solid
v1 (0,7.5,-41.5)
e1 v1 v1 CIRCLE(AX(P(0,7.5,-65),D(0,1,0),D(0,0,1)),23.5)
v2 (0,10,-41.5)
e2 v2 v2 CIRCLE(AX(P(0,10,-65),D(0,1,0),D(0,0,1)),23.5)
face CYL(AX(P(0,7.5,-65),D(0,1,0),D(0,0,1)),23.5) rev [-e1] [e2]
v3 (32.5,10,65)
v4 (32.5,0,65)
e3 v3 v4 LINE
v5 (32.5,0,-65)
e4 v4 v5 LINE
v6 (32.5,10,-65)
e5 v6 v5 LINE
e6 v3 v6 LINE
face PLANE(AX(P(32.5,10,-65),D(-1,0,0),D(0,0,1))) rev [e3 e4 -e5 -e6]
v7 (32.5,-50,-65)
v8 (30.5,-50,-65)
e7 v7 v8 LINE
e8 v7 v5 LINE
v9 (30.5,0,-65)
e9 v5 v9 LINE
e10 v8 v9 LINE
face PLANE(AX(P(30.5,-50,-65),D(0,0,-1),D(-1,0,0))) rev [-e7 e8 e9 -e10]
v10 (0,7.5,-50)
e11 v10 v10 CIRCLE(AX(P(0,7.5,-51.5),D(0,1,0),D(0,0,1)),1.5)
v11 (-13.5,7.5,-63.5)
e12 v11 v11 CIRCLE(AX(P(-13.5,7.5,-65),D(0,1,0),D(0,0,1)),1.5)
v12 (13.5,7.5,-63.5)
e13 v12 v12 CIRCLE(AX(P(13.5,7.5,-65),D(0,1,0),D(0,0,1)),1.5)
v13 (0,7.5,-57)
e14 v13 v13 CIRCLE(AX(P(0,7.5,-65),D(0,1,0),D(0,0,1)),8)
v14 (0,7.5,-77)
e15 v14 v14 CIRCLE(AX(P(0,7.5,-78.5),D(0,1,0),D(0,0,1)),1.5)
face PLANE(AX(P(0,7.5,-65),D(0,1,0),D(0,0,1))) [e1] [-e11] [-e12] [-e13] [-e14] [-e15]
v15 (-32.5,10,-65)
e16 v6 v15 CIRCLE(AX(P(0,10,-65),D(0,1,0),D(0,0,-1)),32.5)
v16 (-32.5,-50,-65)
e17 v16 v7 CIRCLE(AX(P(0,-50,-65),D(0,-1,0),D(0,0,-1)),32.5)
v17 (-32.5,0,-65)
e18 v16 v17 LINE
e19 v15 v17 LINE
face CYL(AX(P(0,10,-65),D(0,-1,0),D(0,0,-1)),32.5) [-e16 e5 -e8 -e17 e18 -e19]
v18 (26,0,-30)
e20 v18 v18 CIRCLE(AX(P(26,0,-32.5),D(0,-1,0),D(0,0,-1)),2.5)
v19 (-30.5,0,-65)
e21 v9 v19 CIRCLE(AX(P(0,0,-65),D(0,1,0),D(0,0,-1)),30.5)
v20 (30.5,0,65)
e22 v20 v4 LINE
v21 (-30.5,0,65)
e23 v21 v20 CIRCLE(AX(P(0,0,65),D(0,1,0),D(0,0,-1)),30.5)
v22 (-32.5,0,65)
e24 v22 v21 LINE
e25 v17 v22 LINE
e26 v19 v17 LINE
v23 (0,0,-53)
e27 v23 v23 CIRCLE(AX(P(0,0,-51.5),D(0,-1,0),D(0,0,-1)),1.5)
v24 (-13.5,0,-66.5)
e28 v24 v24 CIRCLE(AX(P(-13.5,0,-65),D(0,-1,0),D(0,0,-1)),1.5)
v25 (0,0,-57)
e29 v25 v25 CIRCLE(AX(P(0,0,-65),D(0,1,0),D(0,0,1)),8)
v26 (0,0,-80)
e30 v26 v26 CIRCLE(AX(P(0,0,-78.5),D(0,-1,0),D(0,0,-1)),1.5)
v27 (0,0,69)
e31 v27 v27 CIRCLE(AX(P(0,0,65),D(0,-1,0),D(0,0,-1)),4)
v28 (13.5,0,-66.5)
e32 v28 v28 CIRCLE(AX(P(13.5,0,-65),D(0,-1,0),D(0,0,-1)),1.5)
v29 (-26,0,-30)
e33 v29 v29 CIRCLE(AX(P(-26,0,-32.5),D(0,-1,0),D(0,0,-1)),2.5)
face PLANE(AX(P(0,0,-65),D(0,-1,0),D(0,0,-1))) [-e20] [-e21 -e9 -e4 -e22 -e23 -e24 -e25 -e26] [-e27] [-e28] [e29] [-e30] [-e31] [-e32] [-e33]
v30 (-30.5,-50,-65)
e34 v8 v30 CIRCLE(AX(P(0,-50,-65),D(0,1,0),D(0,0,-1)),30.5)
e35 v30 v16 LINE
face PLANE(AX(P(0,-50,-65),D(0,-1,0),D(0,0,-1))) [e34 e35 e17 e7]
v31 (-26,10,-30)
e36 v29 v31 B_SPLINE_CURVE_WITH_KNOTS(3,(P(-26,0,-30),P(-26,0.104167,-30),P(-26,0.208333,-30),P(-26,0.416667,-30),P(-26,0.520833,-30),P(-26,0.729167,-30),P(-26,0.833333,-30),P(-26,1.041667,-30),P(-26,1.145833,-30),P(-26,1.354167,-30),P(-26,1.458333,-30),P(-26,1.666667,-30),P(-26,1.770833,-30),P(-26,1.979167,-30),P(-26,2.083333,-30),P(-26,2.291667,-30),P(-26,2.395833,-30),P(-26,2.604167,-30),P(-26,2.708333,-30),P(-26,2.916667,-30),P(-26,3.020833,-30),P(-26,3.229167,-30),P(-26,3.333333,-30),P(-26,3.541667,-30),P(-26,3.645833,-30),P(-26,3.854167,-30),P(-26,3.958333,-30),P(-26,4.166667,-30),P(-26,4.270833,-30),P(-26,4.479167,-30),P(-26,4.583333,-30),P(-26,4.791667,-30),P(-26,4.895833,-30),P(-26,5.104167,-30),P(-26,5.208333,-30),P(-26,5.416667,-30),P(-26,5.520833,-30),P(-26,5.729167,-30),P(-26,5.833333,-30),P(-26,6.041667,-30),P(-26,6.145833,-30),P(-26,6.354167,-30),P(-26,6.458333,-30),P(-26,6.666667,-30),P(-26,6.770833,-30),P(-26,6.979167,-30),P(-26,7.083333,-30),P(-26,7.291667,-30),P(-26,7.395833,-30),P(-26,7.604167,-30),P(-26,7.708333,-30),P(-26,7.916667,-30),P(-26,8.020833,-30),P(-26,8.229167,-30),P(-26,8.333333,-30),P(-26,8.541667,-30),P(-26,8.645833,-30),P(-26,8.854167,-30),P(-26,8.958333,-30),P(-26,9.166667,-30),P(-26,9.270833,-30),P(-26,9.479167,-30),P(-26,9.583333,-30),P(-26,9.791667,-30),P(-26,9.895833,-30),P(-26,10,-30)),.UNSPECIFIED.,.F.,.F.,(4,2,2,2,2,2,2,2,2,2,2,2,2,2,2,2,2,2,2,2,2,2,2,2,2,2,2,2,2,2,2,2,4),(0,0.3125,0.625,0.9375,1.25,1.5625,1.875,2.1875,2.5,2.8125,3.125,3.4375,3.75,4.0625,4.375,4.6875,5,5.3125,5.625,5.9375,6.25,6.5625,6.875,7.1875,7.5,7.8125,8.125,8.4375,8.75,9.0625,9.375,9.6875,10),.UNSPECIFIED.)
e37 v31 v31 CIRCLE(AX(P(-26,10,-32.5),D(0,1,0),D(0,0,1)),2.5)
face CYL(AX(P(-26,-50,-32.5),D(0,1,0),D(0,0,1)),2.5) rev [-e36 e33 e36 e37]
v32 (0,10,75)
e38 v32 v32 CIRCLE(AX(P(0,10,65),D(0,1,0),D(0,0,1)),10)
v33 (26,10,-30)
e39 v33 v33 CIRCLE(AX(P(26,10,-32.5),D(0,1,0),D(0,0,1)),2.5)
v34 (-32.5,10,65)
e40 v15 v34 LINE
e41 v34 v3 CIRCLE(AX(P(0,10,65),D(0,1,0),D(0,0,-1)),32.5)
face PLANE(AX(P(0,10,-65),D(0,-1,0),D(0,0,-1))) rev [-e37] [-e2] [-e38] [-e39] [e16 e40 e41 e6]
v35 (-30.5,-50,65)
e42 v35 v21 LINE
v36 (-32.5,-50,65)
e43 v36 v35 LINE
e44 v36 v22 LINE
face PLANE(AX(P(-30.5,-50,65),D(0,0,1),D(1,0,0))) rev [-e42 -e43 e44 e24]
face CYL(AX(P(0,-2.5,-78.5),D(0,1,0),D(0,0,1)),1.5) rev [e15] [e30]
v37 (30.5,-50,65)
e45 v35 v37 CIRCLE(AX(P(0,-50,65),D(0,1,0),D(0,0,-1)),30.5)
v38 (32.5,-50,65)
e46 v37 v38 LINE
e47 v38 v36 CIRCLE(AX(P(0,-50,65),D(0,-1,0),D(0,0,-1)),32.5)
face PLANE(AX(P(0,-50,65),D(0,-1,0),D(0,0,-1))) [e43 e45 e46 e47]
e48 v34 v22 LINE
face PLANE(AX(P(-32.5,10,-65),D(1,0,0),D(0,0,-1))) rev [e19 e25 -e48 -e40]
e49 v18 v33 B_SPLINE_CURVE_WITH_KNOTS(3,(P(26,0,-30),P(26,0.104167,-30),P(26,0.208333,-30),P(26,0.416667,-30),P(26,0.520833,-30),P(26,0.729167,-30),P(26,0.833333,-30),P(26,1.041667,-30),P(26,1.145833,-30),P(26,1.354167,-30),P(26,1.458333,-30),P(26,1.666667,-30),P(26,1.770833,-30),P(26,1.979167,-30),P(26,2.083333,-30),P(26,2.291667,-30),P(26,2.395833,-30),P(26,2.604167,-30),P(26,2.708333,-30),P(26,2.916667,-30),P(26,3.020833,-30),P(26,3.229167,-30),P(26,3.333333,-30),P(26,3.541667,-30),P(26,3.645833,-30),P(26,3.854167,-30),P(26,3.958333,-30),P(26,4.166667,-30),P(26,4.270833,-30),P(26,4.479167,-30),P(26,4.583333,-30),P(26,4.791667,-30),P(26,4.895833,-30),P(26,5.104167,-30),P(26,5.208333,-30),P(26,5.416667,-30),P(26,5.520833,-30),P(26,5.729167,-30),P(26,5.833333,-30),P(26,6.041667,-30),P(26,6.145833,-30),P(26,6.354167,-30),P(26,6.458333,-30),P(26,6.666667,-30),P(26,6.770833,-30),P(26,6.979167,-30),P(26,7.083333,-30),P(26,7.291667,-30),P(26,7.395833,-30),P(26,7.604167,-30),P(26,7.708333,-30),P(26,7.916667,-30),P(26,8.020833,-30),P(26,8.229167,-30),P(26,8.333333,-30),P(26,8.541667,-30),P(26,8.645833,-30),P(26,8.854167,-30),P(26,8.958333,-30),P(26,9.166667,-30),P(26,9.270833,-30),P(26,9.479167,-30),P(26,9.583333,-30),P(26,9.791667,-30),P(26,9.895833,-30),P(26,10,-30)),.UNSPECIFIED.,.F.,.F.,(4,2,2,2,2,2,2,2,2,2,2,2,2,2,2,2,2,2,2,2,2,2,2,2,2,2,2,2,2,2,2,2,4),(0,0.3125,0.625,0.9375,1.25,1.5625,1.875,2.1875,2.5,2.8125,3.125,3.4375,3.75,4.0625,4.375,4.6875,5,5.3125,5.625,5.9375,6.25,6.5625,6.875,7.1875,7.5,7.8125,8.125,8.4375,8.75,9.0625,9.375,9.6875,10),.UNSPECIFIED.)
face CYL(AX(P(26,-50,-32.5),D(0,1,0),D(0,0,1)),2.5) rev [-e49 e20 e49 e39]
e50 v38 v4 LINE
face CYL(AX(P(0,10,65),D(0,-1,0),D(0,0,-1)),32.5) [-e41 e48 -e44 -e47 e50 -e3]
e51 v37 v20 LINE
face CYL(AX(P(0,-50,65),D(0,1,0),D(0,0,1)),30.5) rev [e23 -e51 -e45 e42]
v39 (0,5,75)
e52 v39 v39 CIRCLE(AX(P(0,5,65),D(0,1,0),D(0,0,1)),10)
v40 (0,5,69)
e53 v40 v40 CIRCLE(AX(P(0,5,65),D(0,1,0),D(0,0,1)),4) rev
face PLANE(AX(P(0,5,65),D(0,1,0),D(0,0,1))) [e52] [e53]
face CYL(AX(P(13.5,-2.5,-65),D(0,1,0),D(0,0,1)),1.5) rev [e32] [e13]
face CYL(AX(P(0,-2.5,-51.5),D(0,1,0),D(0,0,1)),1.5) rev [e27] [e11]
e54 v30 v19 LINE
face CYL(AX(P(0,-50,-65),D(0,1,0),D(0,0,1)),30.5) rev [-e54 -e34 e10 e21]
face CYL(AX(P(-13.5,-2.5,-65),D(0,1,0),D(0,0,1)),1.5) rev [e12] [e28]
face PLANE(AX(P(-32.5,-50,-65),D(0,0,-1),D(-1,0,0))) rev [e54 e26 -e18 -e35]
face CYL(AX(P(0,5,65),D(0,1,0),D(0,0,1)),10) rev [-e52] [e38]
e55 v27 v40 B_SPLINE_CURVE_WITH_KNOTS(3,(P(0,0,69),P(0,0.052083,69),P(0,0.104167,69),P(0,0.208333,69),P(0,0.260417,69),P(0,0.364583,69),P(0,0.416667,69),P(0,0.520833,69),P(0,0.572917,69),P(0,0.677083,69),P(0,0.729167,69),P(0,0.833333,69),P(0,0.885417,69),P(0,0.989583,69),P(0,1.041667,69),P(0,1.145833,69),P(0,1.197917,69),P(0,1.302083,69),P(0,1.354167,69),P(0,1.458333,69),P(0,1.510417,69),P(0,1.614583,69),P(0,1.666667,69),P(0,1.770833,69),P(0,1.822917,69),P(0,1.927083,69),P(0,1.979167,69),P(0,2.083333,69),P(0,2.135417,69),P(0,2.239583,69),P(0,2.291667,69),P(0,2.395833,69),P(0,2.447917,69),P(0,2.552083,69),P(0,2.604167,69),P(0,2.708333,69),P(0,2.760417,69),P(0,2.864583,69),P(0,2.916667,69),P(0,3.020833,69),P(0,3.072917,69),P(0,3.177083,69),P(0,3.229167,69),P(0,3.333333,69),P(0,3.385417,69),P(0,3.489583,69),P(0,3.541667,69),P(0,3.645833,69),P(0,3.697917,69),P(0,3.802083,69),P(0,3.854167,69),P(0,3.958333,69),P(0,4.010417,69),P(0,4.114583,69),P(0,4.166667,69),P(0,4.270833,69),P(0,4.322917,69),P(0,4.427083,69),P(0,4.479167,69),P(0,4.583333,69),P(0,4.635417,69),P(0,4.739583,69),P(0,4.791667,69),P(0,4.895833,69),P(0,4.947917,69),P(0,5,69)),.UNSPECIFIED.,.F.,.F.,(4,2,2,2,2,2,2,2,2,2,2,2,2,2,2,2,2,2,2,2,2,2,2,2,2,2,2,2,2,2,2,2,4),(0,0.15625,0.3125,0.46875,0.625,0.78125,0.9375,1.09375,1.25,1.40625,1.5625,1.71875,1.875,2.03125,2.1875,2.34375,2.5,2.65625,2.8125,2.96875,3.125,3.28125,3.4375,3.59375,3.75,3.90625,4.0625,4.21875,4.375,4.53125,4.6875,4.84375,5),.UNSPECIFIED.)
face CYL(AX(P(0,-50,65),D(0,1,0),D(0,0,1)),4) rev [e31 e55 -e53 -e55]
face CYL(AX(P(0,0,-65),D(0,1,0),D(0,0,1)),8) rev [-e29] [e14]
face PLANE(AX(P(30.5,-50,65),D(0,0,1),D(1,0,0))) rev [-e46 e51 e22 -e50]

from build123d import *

# Parameters (mm, degrees)
BOSS_EXTRUDE1_DEPTH = 10
SKETCH2_R           = 23.5
CUT_EXTRUDE1_DEPTH  = 2.5
SKETCH4_R           = 8
CUT_EXTRUDE3_DEPTH  = 104.047319228
BOSS_EXTRUDE3_START = 50
BOSS_EXTRUDE3_DEPTH = 50
SKETCH8_R           = 1.5
CUT_EXTRUDE4_DEPTH  = 10
SKETCH9_R           = 4
CUT_EXTRUDE5_DEPTH  = 120.006302354
SKETCH10_R          = 10
CUT_EXTRUDE6_DEPTH  = 5
SKETCH11_R          = 2.5
CUT_EXTRUDE7_DEPTH  = 120.006302354


with BuildPart() as part:
    # Sketch1 → Boss-Extrude1 (new body)
    with BuildSketch(Plane(origin=(0, 0, 0), x_dir=(1, 0, 0), z_dir=(0, 1, 0))):
        with BuildLine():
            Line((-32.5, 65), (-32.5, -65))
            ThreePointArc((-32.5, -65), (0, -97.5), (32.5, -65))
            Line((32.5, -65), (32.5, 65))
            ThreePointArc((32.5, 65), (0, 97.5), (-32.5, 65))
        make_face()
    extrude(amount=BOSS_EXTRUDE1_DEPTH)

    # Sketch2 → Cut-Extrude1 (cut)
    with BuildSketch(Plane(origin=(0, 10, 0), x_dir=(1, 0, 0), z_dir=(0, 1, 0))):
        with Locations(Location((0, 65, 0), (0, 0, 270))):
            Circle(SKETCH2_R)
    extrude(amount=-CUT_EXTRUDE1_DEPTH, mode=Mode.SUBTRACT)

    # Sketch4 → Cut-Extrude3 (cut, through all)
    with BuildSketch(Plane(origin=(0, 7.5, 0), x_dir=(1, 0, 0), z_dir=(0, 1, 0))):
        with Locations(Location((0, 65, 0), (0, 0, 270))):
            Circle(SKETCH4_R)
    extrude(amount=-CUT_EXTRUDE3_DEPTH, mode=Mode.SUBTRACT)

    # Sketch7 → Boss-Extrude3 (add)
    with BuildSketch(Plane.XZ.offset(BOSS_EXTRUDE3_START)):
        with BuildLine():
            Line((-30.5, 65), (-32.5, 65))
            ThreePointArc((-32.5, 65), (0, 97.5), (32.5, 65))
            Line((32.5, 65), (30.5, 65))
            ThreePointArc((30.5, 65), (0, 95.5), (-30.5, 65))
        make_face()
        with BuildLine():
            Line((-32.5, -65), (-30.5, -65))
            ThreePointArc((-30.5, -65), (0, -95.5), (30.5, -65))
            Line((30.5, -65), (32.5, -65))
            ThreePointArc((32.5, -65), (0, -97.5), (-32.5, -65))
        make_face()
    extrude(amount=-BOSS_EXTRUDE3_DEPTH)

    # Sketch8 → Cut-Extrude4 (cut)
    with BuildSketch(Plane(origin=(0, 7.5, 0), x_dir=(1, 0, 0), z_dir=(0, 1, 0))):
        with Locations(Location((13.5, 65, 0), (0, 0, 270))):
            Circle(SKETCH8_R)
        with Locations(Location((0, 78.5, 0), (0, 0, 270))):
            Circle(SKETCH8_R)
        with Locations(Location((-13.5, 65, 0), (0, 0, 270))):
            Circle(SKETCH8_R)
        with Locations(Location((0, 51.5, 0), (0, 0, 270))):
            Circle(SKETCH8_R)
    extrude(amount=-CUT_EXTRUDE4_DEPTH, mode=Mode.SUBTRACT)

    # Sketch9 → Cut-Extrude5 (cut, through all)
    with BuildSketch(Plane(origin=(0, 10, 0), x_dir=(1, 0, 0), z_dir=(0, 1, 0))):
        with Locations(Location((0, -65, 0), (0, 0, 270))):
            Circle(SKETCH9_R)
    extrude(amount=-CUT_EXTRUDE5_DEPTH, mode=Mode.SUBTRACT)

    # Sketch10 → Cut-Extrude6 (cut)
    with BuildSketch(Plane(origin=(0, 10, 0), x_dir=(1, 0, 0), z_dir=(0, 1, 0))):
        with Locations(Location((0, -65, 0), (0, 0, 270))):
            Circle(SKETCH10_R)
    extrude(amount=-CUT_EXTRUDE6_DEPTH, mode=Mode.SUBTRACT)

    # Sketch11 → Cut-Extrude7 (cut, through all)
    with BuildSketch(Plane(origin=(0, 10, 0), x_dir=(1, 0, 0), z_dir=(0, 1, 0))):
        with Locations(Location((-26, 32.5, 0), (0, 0, 270))):
            Circle(SKETCH11_R)
        with Locations(Location((26, 32.5, 0), (0, 0, 270))):
            Circle(SKETCH11_R)
    extrude(amount=-CUT_EXTRUDE7_DEPTH, mode=Mode.SUBTRACT)


solid = part.part
